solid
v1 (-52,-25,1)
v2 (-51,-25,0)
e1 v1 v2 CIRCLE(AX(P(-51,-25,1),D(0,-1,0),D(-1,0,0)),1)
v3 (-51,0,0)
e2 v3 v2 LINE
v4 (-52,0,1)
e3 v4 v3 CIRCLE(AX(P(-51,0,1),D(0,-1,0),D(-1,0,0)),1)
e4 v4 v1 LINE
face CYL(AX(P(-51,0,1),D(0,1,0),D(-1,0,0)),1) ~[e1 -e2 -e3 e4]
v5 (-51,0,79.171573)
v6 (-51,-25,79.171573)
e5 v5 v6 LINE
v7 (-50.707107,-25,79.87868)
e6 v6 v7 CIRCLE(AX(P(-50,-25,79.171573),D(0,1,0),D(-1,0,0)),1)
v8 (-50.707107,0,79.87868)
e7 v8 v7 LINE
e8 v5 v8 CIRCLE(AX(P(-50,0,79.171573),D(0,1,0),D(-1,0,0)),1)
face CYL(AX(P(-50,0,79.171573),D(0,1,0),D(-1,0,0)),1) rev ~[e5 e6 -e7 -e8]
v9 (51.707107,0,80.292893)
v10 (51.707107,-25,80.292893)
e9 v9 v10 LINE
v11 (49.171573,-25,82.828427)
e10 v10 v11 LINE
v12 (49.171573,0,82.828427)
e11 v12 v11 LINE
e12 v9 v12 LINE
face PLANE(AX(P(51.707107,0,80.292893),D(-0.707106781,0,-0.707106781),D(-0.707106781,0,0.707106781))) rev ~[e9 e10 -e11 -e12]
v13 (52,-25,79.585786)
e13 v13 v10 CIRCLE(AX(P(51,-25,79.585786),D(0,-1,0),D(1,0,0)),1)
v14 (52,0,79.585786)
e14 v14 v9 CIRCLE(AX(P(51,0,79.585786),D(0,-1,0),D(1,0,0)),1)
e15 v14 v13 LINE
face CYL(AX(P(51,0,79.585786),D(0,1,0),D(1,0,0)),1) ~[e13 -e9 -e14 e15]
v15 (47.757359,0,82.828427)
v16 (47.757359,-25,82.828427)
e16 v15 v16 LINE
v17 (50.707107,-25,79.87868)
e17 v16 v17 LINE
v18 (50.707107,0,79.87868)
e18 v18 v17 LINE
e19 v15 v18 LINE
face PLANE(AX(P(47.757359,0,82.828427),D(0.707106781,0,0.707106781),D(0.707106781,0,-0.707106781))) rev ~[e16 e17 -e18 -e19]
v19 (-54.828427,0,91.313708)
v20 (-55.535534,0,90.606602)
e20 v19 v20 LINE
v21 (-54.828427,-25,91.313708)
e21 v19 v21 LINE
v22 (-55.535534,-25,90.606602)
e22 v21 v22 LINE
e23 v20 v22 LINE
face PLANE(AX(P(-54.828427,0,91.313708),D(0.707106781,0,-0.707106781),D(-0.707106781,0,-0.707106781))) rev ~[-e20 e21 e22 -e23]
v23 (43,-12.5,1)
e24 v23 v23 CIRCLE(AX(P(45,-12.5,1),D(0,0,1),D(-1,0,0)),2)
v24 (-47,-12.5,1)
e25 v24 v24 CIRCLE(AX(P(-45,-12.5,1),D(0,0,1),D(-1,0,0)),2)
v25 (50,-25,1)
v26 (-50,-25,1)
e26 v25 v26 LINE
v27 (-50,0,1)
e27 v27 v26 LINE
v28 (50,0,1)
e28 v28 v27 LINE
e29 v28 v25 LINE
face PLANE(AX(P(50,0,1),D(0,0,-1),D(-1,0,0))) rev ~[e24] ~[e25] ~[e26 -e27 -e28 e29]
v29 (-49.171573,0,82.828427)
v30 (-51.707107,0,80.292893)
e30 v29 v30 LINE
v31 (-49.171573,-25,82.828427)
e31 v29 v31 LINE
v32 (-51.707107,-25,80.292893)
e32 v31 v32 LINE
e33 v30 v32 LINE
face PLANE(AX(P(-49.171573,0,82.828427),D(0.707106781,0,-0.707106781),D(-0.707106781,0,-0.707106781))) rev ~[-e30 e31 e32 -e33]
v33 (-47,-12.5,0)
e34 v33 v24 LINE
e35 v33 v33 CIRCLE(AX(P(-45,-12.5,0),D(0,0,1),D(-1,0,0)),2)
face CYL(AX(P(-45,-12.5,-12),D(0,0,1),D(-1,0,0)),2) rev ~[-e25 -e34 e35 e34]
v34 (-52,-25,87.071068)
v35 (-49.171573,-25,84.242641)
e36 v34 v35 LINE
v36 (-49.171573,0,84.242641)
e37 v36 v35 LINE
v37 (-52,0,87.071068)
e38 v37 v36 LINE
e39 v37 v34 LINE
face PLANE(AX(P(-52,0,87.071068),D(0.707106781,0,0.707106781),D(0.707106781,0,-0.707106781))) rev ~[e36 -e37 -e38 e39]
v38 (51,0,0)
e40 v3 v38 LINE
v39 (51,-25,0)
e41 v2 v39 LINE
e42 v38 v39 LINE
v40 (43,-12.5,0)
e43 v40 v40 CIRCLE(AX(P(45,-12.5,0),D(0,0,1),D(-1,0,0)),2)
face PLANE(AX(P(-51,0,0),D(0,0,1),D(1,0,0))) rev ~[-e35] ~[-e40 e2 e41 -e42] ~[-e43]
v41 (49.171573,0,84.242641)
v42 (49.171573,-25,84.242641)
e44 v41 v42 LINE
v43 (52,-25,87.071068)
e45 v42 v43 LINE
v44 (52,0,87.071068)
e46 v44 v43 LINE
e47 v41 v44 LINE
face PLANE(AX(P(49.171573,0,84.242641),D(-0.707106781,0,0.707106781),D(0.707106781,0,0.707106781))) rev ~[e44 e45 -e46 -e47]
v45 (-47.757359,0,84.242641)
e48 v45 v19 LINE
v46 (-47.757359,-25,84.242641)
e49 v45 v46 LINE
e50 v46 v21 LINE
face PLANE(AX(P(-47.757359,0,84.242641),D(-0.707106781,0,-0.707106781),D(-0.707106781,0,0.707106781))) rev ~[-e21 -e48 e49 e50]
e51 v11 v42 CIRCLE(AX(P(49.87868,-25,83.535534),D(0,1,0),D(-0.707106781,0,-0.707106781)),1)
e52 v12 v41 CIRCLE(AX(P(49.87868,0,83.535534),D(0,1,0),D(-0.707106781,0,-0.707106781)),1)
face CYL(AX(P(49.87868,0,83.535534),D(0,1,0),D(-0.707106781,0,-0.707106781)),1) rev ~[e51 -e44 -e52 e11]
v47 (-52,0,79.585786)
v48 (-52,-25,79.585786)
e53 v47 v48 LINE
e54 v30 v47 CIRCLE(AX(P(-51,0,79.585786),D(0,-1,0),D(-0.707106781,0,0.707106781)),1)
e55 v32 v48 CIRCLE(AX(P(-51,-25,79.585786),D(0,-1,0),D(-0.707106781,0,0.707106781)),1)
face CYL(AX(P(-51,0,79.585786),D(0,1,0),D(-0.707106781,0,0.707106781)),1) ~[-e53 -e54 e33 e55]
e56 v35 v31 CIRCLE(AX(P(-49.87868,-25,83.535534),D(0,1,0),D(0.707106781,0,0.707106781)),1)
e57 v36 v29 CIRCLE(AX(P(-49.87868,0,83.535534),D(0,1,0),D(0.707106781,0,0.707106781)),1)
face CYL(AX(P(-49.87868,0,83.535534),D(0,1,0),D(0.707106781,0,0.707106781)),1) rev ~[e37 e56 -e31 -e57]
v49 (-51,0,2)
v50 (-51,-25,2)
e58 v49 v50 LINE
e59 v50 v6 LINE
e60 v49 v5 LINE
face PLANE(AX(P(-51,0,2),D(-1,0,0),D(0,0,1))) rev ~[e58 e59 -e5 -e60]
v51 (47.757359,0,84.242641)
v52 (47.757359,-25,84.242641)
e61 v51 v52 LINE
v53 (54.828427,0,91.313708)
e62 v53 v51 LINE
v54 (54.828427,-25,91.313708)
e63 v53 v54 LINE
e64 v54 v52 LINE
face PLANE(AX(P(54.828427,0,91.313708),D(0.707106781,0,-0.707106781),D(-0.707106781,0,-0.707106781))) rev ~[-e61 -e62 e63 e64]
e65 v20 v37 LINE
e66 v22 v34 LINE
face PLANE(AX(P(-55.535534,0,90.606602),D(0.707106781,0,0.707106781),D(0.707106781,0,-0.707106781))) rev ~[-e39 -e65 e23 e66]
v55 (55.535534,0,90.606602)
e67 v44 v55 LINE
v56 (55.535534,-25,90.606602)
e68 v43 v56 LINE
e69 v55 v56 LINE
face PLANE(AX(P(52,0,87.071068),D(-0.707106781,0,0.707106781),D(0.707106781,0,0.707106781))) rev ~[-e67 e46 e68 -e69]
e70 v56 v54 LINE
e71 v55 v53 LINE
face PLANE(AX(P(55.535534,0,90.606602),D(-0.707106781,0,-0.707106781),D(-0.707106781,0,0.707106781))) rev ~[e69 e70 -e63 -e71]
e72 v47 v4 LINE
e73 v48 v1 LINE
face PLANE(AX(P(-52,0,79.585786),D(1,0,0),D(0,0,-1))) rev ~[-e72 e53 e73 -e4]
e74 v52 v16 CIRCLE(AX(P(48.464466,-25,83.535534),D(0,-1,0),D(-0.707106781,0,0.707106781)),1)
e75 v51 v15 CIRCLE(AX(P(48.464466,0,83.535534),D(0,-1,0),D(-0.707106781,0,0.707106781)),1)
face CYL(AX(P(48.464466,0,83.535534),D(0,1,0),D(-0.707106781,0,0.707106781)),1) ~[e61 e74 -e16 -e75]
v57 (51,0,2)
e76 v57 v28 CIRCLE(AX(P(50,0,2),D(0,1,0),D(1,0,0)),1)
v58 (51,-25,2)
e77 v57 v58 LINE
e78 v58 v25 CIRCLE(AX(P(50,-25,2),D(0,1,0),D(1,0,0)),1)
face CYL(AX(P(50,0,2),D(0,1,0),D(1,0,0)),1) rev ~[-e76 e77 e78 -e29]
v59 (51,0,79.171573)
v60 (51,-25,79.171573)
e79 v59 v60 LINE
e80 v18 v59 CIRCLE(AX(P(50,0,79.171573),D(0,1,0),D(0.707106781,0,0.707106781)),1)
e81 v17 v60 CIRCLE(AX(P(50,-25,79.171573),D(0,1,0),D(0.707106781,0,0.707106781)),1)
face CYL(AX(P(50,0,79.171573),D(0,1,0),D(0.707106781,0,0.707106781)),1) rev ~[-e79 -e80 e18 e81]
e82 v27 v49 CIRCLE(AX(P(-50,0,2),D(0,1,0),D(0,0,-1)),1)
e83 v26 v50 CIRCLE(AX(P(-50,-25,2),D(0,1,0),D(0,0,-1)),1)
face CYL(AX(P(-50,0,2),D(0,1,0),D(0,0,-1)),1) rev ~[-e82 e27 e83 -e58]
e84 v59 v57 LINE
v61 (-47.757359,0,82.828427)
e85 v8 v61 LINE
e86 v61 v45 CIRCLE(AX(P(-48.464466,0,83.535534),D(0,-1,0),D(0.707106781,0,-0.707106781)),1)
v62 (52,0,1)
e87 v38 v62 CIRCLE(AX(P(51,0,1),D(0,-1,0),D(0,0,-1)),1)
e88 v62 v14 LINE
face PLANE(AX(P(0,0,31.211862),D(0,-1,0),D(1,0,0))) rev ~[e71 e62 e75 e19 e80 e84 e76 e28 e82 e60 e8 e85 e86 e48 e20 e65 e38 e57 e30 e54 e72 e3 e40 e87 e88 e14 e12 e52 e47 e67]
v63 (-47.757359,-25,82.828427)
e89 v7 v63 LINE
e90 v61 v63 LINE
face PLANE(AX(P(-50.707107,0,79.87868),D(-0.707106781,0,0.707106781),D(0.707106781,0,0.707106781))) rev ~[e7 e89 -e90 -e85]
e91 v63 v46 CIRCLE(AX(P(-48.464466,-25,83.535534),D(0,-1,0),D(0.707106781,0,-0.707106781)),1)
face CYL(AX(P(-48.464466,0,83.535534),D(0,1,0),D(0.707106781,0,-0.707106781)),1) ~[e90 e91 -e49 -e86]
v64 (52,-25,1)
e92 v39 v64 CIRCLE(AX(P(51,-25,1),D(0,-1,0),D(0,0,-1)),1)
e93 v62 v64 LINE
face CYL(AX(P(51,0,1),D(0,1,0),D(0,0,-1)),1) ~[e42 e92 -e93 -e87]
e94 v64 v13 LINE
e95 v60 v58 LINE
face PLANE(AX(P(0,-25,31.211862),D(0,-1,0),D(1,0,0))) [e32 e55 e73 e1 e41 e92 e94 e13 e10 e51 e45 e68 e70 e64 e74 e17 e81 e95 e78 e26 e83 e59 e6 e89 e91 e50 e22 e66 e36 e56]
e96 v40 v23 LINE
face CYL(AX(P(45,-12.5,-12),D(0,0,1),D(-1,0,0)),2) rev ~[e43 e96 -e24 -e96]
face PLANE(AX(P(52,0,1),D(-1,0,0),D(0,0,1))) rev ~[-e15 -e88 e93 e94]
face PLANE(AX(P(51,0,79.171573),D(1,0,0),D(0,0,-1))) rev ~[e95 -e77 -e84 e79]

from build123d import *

# Parameters (mm, degrees)
F1_DEPTH = 25
F3_D     = 4
F3_DEPTH = 12
F3_TIP   = 1.2017212381


with BuildPart() as f1:
    # F0 (on Front) → F1 (new body)
    with BuildSketch(Plane.XZ):
        with BuildLine():
            Line((-51, 0), (0, 0))
            Line((0, 0), (51, 0))
            ThreePointArc((51, 0), (51.7071067812, 0.2928932188), (52, 1))
            Line((52, 1), (52, 79.5857864376))
            ThreePointArc((52, 79.5857864376), (51.9238795325, 79.96846987), (51.7071067812, 80.2928932188))
            Line((51.7071067812, 80.2928932188), (49.1715728753, 82.8284271247))
            ThreePointArc((49.1715728753, 82.8284271247), (48.8786796564, 83.5355339059), (49.1715728753, 84.2426406871))
            Line((49.1715728753, 84.2426406871), (52, 87.0710678119))
            Line((52, 87.0710678119), (55.5355339059, 90.6066017178))
            Line((55.5355339059, 90.6066017178), (54.8284271247, 91.313708499))
            Line((54.8284271247, 91.313708499), (47.7573593129, 84.2426406871))
            ThreePointArc((47.7573593129, 84.2426406871), (47.4644660941, 83.5355339059), (47.7573593129, 82.8284271247))
            Line((47.7573593129, 82.8284271247), (50.5857864376, 80))
            Line((50.5857864376, 80), (50.7071067812, 79.8786796564))
            ThreePointArc((50.7071067812, 79.8786796564), (50.9238795325, 79.5542563076), (51, 79.1715728753))
            Line((51, 79.1715728753), (51, 2))
            ThreePointArc((51, 2), (50.7071067812, 1.2928932188), (50, 1))
            Line((50, 1), (0, 1))
            Line((0, 1), (-50, 1))
            ThreePointArc((-50, 1), (-50.7071067812, 1.2928932188), (-51, 2))
            Line((-51, 2), (-51, 79.1715728753))
            ThreePointArc((-51, 79.1715728753), (-50.9238795325, 79.5542563076), (-50.7071067812, 79.8786796564))
            Line((-50.7071067812, 79.8786796564), (-50.5857864376, 80))
            Line((-50.5857864376, 80), (-47.7573593129, 82.8284271247))
            ThreePointArc((-47.7573593129, 82.8284271247), (-47.4644660941, 83.5355339059), (-47.7573593129, 84.2426406871))
            Line((-47.7573593129, 84.2426406871), (-54.8284271247, 91.313708499))
            Line((-54.8284271247, 91.313708499), (-55.5355339059, 90.6066017178))
            Line((-55.5355339059, 90.6066017178), (-52, 87.0710678119))
            Line((-52, 87.0710678119), (-49.1715728753, 84.2426406871))
            ThreePointArc((-49.1715728753, 84.2426406871), (-48.8786796564, 83.5355339059), (-49.1715728753, 82.8284271247))
            Line((-49.1715728753, 82.8284271247), (-51.7071067812, 80.2928932188))
            ThreePointArc((-51.7071067812, 80.2928932188), (-51.9238795325, 79.96846987), (-52, 79.5857864376))
            Line((-52, 79.5857864376), (-52, 1))
            ThreePointArc((-52, 1), (-51.7071067812, 0.2928932188), (-51, 0))
        make_face()
    extrude(amount=F1_DEPTH)

    # F3
    with Locations(Plane(origin=(0, 0, 0), x_dir=(1, 0, 0), z_dir=(0, 0, -1))):
        with Locations((-45, 12.5), (45, 12.5)):
            Hole(F3_D / 2, depth=F3_DEPTH)
            with Locations((0, 0, -(F3_DEPTH + F3_TIP / 2))):  # 118° drill point
                Cone(0, F3_D / 2, F3_TIP, mode=Mode.SUBTRACT)


solid = f1.part
